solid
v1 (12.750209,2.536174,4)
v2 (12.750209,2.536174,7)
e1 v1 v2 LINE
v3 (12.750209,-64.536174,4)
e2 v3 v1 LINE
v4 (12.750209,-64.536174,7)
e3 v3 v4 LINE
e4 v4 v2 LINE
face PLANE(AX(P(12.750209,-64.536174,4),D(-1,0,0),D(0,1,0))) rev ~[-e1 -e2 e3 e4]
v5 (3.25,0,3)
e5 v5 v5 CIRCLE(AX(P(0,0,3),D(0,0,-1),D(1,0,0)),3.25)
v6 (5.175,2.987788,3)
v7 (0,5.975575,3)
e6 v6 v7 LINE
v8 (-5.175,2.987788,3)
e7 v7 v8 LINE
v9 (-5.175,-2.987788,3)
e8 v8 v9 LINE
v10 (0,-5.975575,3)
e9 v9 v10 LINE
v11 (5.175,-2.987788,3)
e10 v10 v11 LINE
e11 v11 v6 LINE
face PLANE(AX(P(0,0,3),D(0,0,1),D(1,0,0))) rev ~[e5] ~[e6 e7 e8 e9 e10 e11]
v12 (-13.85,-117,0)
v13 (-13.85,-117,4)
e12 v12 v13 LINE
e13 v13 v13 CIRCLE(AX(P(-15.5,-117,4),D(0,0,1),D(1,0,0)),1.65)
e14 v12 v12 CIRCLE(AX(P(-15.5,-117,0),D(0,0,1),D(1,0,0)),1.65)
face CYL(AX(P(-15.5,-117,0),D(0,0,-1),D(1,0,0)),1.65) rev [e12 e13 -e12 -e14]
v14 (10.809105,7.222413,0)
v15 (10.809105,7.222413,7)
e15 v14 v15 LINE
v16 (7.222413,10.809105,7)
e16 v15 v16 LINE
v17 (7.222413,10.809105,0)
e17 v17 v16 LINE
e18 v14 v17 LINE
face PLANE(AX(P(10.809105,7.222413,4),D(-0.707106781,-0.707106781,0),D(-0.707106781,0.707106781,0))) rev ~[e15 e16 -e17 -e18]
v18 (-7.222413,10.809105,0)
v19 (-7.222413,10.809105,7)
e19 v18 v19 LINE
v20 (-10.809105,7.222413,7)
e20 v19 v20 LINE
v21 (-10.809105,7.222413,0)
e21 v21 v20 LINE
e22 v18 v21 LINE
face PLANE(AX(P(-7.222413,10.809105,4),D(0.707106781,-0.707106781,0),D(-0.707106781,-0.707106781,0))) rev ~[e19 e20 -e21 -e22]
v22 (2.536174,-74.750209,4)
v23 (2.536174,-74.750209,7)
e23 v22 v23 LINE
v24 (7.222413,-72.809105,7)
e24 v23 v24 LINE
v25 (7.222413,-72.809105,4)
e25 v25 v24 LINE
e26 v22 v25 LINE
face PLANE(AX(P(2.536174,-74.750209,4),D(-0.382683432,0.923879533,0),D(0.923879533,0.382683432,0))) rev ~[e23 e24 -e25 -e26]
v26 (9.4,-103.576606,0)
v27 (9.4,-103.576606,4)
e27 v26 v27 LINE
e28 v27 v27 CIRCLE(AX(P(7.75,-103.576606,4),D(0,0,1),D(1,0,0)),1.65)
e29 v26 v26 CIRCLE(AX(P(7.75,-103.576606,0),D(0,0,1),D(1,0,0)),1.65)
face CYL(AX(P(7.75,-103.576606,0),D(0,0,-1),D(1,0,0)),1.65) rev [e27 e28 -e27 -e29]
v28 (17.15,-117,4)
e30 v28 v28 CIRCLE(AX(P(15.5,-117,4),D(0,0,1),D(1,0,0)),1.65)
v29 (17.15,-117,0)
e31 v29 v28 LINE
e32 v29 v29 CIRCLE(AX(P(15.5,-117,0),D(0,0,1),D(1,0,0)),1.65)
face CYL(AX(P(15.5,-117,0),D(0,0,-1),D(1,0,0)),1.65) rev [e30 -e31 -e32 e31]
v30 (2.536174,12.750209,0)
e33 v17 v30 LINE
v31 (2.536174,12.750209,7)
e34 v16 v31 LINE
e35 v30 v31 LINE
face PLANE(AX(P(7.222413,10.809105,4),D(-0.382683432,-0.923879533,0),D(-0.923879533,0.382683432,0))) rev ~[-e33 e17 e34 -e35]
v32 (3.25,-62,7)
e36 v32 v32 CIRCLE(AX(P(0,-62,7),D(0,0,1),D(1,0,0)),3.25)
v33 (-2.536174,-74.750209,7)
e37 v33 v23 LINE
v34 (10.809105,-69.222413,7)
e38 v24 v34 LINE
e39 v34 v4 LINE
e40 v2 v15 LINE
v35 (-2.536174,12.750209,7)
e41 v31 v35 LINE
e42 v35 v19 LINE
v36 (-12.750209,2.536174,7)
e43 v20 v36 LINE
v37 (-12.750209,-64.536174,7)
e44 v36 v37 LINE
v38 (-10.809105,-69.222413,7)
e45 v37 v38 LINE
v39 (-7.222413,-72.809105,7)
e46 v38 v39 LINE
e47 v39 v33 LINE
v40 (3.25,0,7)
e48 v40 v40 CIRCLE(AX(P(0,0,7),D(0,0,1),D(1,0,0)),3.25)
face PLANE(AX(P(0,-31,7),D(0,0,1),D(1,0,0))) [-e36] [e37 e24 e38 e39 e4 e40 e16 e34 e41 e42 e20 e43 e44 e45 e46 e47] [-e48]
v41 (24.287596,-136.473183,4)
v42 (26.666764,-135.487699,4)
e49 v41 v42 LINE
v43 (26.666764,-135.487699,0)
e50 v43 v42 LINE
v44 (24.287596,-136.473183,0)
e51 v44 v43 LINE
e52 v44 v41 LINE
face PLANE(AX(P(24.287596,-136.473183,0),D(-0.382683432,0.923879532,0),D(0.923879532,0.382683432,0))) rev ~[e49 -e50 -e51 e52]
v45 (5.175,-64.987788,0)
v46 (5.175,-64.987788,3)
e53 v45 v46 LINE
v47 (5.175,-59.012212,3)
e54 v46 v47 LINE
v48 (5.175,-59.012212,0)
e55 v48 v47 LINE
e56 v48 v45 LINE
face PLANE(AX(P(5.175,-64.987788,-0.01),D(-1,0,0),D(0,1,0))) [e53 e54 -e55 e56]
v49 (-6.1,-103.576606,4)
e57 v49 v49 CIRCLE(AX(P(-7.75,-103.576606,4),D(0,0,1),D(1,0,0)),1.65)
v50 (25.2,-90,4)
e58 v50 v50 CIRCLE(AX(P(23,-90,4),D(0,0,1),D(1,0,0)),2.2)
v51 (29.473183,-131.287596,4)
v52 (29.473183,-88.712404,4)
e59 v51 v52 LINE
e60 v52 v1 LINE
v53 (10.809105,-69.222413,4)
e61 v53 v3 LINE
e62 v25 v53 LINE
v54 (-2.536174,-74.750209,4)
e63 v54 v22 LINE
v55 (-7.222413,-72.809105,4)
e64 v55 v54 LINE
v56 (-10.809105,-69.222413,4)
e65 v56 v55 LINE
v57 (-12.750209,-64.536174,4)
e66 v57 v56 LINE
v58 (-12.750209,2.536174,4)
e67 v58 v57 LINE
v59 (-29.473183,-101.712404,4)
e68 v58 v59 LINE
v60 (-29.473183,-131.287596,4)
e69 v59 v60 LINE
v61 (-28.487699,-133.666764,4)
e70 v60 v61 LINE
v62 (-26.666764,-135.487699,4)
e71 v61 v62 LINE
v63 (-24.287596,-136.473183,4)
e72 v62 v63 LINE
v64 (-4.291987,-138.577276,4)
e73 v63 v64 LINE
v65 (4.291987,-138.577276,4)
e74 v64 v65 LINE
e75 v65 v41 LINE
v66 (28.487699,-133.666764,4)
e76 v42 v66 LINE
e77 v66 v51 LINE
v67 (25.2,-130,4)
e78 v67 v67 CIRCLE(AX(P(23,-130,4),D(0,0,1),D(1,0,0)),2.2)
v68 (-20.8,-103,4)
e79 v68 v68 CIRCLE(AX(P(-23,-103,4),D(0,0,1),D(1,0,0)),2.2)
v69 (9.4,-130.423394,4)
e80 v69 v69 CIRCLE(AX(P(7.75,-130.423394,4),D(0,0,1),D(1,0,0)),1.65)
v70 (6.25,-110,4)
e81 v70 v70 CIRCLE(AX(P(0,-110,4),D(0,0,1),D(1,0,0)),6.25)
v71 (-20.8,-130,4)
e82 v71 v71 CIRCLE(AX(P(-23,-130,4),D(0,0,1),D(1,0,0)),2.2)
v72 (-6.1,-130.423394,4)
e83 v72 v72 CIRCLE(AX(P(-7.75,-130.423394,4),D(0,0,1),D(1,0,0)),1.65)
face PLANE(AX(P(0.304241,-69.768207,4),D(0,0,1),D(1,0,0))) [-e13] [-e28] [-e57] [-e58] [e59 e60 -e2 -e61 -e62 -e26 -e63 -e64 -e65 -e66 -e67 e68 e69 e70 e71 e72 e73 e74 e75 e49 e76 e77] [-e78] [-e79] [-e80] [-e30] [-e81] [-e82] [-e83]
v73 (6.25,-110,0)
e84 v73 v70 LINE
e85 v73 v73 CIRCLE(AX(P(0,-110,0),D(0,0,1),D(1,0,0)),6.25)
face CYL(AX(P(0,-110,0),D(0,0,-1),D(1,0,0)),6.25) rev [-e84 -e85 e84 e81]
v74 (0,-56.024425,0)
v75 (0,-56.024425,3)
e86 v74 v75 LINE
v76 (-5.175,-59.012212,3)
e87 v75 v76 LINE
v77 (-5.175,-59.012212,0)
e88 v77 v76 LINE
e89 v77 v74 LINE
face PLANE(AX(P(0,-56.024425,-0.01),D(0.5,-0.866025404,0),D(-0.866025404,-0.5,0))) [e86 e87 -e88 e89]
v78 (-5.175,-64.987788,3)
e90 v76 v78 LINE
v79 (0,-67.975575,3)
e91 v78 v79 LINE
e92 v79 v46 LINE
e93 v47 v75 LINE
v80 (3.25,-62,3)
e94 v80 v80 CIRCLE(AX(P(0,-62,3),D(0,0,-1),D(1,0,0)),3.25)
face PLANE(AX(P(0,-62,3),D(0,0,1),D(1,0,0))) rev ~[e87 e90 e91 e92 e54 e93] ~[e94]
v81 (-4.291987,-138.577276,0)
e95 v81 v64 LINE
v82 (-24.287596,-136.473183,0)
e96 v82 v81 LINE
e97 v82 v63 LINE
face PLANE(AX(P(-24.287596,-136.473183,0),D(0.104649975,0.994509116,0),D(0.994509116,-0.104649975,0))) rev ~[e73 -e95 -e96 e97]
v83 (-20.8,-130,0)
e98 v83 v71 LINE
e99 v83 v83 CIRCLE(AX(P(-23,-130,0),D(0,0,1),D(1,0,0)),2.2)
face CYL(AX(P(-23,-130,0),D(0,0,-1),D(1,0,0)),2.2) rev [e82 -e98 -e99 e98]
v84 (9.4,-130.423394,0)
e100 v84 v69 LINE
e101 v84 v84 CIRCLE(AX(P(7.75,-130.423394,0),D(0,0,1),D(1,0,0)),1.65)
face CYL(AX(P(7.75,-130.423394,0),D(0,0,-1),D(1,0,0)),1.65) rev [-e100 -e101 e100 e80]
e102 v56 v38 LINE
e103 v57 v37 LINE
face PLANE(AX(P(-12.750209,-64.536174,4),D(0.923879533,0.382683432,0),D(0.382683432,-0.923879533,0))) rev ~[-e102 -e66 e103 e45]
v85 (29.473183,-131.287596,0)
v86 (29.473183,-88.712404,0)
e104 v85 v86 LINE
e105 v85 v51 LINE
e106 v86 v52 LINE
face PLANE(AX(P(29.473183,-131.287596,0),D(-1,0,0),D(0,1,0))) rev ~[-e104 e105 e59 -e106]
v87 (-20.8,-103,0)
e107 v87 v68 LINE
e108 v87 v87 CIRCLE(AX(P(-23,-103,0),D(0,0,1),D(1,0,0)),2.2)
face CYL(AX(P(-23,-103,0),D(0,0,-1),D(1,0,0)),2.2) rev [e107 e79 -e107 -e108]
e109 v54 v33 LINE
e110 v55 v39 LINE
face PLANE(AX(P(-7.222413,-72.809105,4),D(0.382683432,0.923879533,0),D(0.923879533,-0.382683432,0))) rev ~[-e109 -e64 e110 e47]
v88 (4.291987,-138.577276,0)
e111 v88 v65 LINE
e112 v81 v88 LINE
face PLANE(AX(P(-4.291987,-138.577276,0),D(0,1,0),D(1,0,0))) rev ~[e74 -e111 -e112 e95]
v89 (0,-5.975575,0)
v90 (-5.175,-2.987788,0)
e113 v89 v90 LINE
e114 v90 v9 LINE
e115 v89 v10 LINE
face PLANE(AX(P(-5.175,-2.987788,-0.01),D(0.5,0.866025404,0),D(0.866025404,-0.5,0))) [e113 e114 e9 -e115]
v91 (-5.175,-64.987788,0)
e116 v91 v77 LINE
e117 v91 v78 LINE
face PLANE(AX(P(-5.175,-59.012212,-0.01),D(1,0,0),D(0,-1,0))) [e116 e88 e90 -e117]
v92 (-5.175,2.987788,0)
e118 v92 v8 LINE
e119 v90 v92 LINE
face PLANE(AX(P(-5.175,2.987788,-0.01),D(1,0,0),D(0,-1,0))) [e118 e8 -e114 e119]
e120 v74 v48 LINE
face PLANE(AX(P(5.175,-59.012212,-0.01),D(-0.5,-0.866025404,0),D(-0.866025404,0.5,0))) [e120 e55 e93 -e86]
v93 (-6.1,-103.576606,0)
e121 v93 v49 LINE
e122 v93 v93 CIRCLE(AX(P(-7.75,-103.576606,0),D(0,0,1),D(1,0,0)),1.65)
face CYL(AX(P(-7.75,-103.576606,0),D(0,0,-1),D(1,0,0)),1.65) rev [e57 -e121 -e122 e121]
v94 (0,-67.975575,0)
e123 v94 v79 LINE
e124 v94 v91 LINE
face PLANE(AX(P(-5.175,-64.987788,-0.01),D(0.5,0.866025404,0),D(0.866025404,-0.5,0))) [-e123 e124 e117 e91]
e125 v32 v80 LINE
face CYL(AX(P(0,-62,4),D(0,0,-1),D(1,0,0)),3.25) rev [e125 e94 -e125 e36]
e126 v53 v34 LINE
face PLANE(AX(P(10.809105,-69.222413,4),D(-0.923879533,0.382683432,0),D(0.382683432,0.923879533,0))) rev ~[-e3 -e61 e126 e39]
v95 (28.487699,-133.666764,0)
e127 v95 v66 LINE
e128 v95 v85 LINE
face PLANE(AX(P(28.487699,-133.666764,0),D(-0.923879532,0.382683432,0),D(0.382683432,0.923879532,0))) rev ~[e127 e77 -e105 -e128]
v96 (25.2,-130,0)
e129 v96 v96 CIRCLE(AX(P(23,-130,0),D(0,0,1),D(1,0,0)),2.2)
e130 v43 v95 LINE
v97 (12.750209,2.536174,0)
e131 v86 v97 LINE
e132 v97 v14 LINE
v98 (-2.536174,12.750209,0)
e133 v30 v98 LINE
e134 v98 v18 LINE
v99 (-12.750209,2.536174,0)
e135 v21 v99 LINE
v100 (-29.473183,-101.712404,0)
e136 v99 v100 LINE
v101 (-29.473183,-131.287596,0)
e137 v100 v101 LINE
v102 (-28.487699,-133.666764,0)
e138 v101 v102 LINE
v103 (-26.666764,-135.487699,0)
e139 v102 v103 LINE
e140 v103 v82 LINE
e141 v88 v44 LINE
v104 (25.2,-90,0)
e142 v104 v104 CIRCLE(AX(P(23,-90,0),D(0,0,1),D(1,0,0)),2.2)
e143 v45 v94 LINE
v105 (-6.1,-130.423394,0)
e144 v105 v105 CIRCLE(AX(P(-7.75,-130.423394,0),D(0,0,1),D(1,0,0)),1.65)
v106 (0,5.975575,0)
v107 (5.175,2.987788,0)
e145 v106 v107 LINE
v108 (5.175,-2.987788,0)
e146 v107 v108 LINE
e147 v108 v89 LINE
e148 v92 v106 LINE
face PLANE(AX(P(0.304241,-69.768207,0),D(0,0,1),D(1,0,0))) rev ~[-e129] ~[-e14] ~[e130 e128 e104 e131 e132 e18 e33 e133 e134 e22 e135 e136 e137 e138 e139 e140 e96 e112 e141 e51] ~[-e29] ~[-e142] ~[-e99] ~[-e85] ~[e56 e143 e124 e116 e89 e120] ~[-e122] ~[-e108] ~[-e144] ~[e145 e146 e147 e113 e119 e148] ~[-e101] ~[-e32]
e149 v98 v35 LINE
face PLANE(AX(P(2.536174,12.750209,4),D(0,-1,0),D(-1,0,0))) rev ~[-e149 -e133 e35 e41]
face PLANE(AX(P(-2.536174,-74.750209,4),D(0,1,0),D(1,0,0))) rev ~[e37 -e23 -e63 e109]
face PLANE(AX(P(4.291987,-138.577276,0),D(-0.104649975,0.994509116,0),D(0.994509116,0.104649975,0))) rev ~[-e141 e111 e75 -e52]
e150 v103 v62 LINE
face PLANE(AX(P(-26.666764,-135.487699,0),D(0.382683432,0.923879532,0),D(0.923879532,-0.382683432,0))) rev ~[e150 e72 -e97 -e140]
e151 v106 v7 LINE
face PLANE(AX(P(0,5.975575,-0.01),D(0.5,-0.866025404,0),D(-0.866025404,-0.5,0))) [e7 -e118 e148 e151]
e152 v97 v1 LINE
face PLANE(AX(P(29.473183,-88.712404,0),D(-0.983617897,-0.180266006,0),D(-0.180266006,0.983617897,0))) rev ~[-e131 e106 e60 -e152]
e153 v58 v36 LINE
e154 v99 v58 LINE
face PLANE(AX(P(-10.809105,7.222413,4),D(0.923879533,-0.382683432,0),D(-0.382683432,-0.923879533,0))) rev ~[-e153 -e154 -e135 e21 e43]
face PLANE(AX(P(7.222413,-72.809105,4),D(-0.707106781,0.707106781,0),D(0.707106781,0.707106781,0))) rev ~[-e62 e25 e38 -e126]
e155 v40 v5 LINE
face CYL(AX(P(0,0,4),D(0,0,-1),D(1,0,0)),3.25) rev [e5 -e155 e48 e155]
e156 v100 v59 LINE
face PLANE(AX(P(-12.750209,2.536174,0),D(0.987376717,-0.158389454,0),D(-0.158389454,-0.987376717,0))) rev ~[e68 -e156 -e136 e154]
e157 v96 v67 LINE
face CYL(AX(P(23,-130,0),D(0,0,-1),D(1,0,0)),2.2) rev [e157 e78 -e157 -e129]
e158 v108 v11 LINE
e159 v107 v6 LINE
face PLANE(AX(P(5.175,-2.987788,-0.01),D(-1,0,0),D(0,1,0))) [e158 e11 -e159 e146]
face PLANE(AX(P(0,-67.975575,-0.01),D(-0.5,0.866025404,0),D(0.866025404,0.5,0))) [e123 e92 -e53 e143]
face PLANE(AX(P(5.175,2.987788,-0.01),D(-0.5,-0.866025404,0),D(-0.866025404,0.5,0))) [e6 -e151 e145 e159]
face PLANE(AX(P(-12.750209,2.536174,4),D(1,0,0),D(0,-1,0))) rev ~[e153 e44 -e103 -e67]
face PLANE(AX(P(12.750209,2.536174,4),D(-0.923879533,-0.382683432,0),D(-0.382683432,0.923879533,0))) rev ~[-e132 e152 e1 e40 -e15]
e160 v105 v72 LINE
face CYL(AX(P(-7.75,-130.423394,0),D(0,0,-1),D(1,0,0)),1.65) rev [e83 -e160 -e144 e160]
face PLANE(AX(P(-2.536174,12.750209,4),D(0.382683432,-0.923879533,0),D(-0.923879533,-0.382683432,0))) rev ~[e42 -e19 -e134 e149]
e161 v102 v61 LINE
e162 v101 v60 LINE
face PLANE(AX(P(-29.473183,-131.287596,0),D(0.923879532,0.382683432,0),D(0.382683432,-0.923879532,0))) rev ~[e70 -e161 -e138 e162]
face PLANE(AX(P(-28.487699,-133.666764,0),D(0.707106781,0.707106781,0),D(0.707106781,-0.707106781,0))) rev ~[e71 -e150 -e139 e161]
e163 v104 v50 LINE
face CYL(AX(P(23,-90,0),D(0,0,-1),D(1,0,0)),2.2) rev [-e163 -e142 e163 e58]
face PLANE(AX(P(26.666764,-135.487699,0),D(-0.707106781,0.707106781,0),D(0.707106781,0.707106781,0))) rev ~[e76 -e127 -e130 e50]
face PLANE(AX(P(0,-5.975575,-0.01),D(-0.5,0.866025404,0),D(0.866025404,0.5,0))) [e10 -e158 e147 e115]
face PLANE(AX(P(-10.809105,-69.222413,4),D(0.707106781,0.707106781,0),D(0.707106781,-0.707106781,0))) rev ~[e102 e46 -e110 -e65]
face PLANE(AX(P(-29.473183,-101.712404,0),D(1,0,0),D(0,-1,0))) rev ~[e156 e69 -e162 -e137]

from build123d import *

# Parameters (mm, degrees)
PROFILE_1_R         = 3.25
PROFILE_1_R_2       = 6.25
PROFILE_1_R_3       = 1.65
PROFILE_1_R_4       = 2.2
WHEEL_CARRIER_DEPTH = 4
PIVOT_LANDS_START   = 4
PROFILE_2_R         = 3.25
PIVOT_LANDS_DEPTH   = 3
NUT_SEATS_C_D_START = -0.01
NUT_SEATS_C_D_DEPTH = 3.01


with BuildPart() as part:
    # Profile_1 → Wheel_carrier (new body)
    with BuildSketch(Plane.XY):
        Polygon((-12.750208645, 2.536174186), (-29.473182851, -101.712403875), (-29.473182851, -131.287596125), (-28.487699441, -133.666763538), (-26.666763538, -135.487699441), (-24.287596125, -136.473182851), (-4.291987084, -138.577276169), (4.291987084, -138.577276169), (24.287596125, -136.473182851), (26.666763538, -135.487699441), (28.487699441, -133.666763538), (29.473182851, -131.287596125), (29.473182851, -88.712403875), (12.750208645, 2.536174186), (10.80910496, 7.222413029), (7.222413029, 10.80910496), (2.536174186, 12.750208645), (-2.536174186, 12.750208645), (-7.222413029, 10.80910496), (-10.80910496, 7.222413029), align=None)
        Circle(PROFILE_1_R, mode=Mode.SUBTRACT)
        with Locations((0, -62)):
            Circle(PROFILE_1_R, mode=Mode.SUBTRACT)
        with Locations((0, -110)):
            Circle(PROFILE_1_R_2, mode=Mode.SUBTRACT)
        with Locations((15.5, -117)):
            Circle(PROFILE_1_R_3, mode=Mode.SUBTRACT)
        with Locations((7.75, -103.576606241)):
            Circle(PROFILE_1_R_3, mode=Mode.SUBTRACT)
        with Locations((-7.75, -103.576606241)):
            Circle(PROFILE_1_R_3, mode=Mode.SUBTRACT)
        with Locations((-15.5, -117)):
            Circle(PROFILE_1_R_3, mode=Mode.SUBTRACT)
        with Locations((-7.75, -130.423393759)):
            Circle(PROFILE_1_R_3, mode=Mode.SUBTRACT)
        with Locations((7.75, -130.423393759)):
            Circle(PROFILE_1_R_3, mode=Mode.SUBTRACT)
        with Locations((-23, -130)):
            Circle(PROFILE_1_R_4, mode=Mode.SUBTRACT)
        with Locations((23, -130)):
            Circle(PROFILE_1_R_4, mode=Mode.SUBTRACT)
        with Locations((-23, -103)):
            Circle(PROFILE_1_R_4, mode=Mode.SUBTRACT)
        with Locations((23, -90)):
            Circle(PROFILE_1_R_4, mode=Mode.SUBTRACT)
    extrude(amount=WHEEL_CARRIER_DEPTH)

    # Profile_2 → Pivot_lands (add)
    with BuildSketch(Plane.XY.offset(PIVOT_LANDS_START)):
        Polygon((12.750208645, -64.536174186), (12.750208645, 2.536174186), (10.80910496, 7.222413029), (7.222413029, 10.80910496), (2.536174186, 12.750208645), (-2.536174186, 12.750208645), (-7.222413029, 10.80910496), (-10.80910496, 7.222413029), (-12.750208645, 2.536174186), (-12.750208645, -64.536174186), (-10.80910496, -69.222413029), (-7.222413029, -72.80910496), (-2.536174186, -74.750208645), (2.536174186, -74.750208645), (7.222413029, -72.80910496), (10.80910496, -69.222413029), align=None)
        Circle(PROFILE_2_R, mode=Mode.SUBTRACT)
        with Locations((0, -62)):
            Circle(PROFILE_2_R, mode=Mode.SUBTRACT)
    extrude(amount=PIVOT_LANDS_DEPTH)

    # Profile_3 → Nut_seats_C_D (cut)
    with BuildSketch(Plane.XY.offset(NUT_SEATS_C_D_START)):
        Polygon((5.175, 2.987787643), (0, 5.975575286), (-5.175, 2.987787643), (-5.175, -2.987787643), (0, -5.975575286), (5.175, -2.987787643), align=None)
        Polygon((5.175, -59.012212357), (0, -56.024424714), (-5.175, -59.012212357), (-5.175, -64.987787643), (0, -67.975575286), (5.175, -64.987787643), align=None)
    extrude(amount=NUT_SEATS_C_D_DEPTH, mode=Mode.SUBTRACT)


solid = part.part
